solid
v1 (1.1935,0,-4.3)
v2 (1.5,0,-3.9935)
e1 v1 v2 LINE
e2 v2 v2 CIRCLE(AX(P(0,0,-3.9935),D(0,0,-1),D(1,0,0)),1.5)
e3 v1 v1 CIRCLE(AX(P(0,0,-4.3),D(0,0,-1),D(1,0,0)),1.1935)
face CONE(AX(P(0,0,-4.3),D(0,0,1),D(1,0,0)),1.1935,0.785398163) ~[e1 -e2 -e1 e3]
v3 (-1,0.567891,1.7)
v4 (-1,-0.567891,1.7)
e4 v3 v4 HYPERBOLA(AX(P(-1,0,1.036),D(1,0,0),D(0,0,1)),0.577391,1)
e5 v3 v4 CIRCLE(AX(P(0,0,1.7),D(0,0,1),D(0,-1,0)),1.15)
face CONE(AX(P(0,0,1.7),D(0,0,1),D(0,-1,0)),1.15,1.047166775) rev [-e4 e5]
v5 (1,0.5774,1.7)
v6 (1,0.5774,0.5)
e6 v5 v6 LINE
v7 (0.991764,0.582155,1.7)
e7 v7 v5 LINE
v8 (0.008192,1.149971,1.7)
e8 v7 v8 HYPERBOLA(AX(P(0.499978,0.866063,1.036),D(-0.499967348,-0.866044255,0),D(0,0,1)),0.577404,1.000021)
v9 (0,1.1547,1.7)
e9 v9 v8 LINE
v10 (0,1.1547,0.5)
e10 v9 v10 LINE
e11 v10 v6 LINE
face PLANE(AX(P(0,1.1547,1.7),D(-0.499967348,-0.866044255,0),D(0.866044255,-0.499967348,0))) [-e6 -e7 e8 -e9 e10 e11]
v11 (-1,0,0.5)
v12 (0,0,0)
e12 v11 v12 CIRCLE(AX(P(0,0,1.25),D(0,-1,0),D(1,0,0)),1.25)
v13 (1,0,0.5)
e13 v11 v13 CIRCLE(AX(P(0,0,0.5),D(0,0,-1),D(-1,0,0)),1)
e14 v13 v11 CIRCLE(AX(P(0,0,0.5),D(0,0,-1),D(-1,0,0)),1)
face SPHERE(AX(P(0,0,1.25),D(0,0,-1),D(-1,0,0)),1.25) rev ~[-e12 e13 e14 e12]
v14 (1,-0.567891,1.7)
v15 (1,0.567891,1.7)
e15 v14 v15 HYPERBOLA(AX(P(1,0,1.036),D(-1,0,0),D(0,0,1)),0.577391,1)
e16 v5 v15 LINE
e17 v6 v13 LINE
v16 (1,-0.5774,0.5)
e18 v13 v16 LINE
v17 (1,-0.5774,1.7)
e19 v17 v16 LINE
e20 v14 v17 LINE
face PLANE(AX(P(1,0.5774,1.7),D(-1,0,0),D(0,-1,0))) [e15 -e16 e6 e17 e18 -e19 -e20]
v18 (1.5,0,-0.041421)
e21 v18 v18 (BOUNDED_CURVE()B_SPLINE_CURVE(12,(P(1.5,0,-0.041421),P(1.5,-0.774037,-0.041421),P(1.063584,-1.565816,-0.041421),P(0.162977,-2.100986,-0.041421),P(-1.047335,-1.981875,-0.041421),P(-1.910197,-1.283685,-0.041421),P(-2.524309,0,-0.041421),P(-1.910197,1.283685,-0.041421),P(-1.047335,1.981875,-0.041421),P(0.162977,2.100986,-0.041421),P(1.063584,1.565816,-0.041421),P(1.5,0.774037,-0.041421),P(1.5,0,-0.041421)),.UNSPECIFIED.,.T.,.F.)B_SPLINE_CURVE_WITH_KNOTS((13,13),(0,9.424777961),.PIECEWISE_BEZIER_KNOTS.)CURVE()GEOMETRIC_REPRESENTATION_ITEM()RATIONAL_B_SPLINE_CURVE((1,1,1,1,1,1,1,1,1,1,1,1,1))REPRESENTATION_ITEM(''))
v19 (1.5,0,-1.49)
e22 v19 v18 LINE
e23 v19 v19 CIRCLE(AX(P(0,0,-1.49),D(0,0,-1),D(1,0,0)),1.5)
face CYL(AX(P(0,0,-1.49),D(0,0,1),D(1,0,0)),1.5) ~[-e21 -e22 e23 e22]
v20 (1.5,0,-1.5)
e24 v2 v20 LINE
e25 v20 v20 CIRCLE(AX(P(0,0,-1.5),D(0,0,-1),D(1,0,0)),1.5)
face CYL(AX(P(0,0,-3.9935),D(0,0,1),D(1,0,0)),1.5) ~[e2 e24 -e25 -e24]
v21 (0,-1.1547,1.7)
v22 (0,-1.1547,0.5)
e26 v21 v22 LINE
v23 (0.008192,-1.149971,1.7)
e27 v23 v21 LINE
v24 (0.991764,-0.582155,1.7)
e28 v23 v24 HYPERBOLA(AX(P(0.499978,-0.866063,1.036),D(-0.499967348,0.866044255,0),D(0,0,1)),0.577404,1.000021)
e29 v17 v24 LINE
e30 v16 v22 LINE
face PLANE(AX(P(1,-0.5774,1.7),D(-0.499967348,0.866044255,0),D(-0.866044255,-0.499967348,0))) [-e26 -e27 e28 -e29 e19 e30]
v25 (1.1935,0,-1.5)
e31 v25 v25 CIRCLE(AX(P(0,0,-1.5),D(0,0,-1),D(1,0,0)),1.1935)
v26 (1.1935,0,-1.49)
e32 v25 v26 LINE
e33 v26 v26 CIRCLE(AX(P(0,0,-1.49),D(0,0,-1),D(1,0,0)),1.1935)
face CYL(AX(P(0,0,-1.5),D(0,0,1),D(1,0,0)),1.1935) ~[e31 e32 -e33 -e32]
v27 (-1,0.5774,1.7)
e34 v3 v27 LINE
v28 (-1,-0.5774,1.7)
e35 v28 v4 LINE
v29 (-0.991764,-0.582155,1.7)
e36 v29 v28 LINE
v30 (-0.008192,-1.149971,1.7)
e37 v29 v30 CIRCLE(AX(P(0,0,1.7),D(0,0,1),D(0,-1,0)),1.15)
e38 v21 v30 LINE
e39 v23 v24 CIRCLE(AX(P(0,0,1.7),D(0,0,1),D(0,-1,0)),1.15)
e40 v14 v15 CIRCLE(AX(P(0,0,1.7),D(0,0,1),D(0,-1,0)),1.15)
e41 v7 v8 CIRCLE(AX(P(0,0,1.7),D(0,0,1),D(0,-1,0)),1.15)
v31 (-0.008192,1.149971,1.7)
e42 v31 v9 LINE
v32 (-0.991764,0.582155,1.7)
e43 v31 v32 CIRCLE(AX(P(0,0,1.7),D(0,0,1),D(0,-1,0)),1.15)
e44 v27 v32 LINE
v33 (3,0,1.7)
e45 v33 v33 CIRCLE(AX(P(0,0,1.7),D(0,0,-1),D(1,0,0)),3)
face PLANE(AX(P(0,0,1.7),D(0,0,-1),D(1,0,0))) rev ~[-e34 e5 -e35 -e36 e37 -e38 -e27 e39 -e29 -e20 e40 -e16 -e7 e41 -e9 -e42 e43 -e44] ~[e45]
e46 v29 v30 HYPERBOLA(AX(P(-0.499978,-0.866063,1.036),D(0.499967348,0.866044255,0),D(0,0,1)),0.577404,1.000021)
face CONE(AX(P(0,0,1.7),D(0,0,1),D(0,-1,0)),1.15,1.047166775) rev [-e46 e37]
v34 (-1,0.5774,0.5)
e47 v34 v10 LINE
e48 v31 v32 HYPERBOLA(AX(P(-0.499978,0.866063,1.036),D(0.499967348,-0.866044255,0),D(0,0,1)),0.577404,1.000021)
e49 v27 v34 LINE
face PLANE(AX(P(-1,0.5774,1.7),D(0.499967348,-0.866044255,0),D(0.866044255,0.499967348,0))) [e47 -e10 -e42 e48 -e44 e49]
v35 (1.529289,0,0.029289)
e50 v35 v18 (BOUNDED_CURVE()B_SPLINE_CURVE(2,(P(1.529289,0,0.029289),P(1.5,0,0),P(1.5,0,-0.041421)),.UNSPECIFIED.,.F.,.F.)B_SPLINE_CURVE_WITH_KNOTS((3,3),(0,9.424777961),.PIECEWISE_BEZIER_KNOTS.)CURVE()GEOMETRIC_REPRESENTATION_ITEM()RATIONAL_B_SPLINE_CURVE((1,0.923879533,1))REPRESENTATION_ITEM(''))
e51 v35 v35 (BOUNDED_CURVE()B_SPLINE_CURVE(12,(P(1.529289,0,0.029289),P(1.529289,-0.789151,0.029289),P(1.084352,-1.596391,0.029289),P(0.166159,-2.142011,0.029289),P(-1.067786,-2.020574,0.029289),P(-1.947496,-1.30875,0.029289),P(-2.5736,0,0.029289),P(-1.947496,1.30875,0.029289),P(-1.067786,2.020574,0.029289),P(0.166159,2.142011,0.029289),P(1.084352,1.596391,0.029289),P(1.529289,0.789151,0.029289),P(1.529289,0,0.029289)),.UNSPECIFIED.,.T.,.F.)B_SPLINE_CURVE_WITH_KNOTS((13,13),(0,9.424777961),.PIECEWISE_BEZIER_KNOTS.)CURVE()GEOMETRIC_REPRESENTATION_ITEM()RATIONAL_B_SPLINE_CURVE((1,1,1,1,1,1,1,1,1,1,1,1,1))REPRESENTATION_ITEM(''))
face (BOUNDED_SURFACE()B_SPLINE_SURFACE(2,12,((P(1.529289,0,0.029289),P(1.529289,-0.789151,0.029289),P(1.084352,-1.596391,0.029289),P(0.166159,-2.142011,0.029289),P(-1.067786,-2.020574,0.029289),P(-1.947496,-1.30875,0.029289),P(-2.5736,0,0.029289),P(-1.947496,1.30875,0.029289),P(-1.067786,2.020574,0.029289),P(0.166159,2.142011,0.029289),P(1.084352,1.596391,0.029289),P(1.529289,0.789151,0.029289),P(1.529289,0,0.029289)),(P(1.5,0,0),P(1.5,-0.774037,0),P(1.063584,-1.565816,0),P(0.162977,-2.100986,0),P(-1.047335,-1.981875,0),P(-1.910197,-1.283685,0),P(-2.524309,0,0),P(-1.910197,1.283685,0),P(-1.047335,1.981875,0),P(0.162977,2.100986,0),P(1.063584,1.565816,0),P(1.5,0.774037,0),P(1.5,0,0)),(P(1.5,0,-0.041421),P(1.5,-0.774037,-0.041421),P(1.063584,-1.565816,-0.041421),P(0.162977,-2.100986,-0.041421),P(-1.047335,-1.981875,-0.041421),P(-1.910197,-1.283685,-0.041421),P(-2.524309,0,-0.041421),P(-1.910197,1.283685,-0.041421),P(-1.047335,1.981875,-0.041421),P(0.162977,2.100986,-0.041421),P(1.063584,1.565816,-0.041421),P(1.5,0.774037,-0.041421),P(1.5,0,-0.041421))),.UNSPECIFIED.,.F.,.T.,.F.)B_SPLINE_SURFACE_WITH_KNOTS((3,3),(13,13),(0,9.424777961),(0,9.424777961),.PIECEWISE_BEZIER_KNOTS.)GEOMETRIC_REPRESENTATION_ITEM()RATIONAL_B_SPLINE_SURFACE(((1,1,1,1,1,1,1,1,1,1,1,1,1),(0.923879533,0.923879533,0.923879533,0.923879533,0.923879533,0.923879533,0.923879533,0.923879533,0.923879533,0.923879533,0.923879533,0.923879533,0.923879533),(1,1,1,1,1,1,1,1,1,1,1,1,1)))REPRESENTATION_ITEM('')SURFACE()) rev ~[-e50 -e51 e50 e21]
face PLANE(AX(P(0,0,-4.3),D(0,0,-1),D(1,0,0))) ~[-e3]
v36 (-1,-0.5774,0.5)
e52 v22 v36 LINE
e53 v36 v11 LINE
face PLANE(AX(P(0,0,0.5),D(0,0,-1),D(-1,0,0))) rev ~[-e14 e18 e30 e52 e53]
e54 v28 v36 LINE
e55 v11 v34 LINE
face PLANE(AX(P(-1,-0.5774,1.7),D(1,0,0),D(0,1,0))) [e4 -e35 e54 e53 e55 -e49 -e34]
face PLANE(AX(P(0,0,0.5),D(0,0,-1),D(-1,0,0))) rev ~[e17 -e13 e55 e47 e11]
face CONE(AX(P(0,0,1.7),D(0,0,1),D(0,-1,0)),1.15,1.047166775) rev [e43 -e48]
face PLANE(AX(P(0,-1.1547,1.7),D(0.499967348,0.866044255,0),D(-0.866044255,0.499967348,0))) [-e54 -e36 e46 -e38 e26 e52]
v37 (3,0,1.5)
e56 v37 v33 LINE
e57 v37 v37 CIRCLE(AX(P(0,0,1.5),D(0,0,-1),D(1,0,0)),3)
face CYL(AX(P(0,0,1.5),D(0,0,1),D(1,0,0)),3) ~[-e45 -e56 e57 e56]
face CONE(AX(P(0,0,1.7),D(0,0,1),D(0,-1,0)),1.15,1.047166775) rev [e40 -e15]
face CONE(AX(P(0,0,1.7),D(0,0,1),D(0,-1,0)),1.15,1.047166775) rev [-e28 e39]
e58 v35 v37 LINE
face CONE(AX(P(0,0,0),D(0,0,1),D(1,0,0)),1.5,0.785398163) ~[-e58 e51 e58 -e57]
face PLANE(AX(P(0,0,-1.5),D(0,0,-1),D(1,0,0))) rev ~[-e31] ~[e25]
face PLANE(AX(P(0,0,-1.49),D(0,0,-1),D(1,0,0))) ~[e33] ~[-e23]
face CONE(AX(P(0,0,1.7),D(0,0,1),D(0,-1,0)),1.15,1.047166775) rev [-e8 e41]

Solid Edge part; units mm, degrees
sketch "Sketch1" plane through (0, 0, 0) normal (0, -1, 0) x (1, 0, 0)
  line L0 (1.5, 0) -> (3, 1.5)
  line L1 (3, 1.5) -> (3, 1.7)
  line L2 (3, 1.7) -> (0, 1.7)
  line L3 (0, 1.7) -> (0, -4.3)
  line L4 (0, -4.3) -> (1.1935, -4.3)
  line L5 (1.1935, -4.3) -> (1.5, -3.9935)
  line L6 (1.5, -3.9935) -> (1.5, -1.5)
  line L7 (1.5, -1.5) -> (1.1935, -1.5)
  line L8 (1.1935, -1.5) -> (1.1935, -1.49)
  line L9 (1.1935, -1.49) -> (1.5, -1.49)
  line L10 (1.5, -1.49) -> (1.5, 0)
  dimension "D1" = 6
  dimension "D2" = 3
  dimension "D3" = 1.7
  dimension "D4" = 0.01
  dimension "D5" = 1.1935
  dimension "D6" = 3.2
  dimension "D7" = 0.2
revolve "RevolvedProtrusion1" add sketch "Sketch1" angle 360 about axis through (0, 0, 54) along (0, 0, -1)
sketch "Sketch2" plane through (0, 0, 0) normal (0, -1, 0) x (1, 0, 0)
  arc A0 (-1, 0.5) -> (0, 0) centre (0, 1.25) ccw
  line L0 (0, 0.5) -> (0, 0)
  line L1 (-1, 0.5) -> (0, 0.5)
  dimension "D1" = 4.8
revolve "RevolvedCutout1" cut sketch "Sketch2" angle 360 about axis through (0, 0, 54) along (0, 0, -1)
sketch "Sketch3" plane through (0, 0, 1.7) normal (0, 0, 1) x (0, -1, 0)
  line L0 (-1.1547, 0) -> (-0.5774, 1)
  line L1 (-0.5774, 1) -> (0.5774, 1)
  line L2 (0.5774, 1) -> (1.1547, 0)
  line L3 (1.1547, 0) -> (0.5774, -1)
  line L4 (0.5774, -1) -> (-0.5774, -1)
  line L5 (-0.5774, -1) -> (-1.1547, 0)
  dimension "D1" = 2
extrude "Cutout1" cut sketch "Sketch3" against normal blind 1.2
cosmetic_thread "Thread1" size "M3"
sketch "Sketch4" plane through (0, 0, 0) normal (1, 0, 0) x (0, 1, 0)
  line L0 (-1.15, 1.7) -> (0, 1.036)
revolve "RevolvedCutout2" cut sketch "Sketch4" angle 360 about axis through (0, 0, -57) along (0, 0, 1) material side at (0, -0.55, 1.4113)
fillet "Round1" radius 0.1 1 edges at (-1.5, 0, 0)
properties material "Stahl"
